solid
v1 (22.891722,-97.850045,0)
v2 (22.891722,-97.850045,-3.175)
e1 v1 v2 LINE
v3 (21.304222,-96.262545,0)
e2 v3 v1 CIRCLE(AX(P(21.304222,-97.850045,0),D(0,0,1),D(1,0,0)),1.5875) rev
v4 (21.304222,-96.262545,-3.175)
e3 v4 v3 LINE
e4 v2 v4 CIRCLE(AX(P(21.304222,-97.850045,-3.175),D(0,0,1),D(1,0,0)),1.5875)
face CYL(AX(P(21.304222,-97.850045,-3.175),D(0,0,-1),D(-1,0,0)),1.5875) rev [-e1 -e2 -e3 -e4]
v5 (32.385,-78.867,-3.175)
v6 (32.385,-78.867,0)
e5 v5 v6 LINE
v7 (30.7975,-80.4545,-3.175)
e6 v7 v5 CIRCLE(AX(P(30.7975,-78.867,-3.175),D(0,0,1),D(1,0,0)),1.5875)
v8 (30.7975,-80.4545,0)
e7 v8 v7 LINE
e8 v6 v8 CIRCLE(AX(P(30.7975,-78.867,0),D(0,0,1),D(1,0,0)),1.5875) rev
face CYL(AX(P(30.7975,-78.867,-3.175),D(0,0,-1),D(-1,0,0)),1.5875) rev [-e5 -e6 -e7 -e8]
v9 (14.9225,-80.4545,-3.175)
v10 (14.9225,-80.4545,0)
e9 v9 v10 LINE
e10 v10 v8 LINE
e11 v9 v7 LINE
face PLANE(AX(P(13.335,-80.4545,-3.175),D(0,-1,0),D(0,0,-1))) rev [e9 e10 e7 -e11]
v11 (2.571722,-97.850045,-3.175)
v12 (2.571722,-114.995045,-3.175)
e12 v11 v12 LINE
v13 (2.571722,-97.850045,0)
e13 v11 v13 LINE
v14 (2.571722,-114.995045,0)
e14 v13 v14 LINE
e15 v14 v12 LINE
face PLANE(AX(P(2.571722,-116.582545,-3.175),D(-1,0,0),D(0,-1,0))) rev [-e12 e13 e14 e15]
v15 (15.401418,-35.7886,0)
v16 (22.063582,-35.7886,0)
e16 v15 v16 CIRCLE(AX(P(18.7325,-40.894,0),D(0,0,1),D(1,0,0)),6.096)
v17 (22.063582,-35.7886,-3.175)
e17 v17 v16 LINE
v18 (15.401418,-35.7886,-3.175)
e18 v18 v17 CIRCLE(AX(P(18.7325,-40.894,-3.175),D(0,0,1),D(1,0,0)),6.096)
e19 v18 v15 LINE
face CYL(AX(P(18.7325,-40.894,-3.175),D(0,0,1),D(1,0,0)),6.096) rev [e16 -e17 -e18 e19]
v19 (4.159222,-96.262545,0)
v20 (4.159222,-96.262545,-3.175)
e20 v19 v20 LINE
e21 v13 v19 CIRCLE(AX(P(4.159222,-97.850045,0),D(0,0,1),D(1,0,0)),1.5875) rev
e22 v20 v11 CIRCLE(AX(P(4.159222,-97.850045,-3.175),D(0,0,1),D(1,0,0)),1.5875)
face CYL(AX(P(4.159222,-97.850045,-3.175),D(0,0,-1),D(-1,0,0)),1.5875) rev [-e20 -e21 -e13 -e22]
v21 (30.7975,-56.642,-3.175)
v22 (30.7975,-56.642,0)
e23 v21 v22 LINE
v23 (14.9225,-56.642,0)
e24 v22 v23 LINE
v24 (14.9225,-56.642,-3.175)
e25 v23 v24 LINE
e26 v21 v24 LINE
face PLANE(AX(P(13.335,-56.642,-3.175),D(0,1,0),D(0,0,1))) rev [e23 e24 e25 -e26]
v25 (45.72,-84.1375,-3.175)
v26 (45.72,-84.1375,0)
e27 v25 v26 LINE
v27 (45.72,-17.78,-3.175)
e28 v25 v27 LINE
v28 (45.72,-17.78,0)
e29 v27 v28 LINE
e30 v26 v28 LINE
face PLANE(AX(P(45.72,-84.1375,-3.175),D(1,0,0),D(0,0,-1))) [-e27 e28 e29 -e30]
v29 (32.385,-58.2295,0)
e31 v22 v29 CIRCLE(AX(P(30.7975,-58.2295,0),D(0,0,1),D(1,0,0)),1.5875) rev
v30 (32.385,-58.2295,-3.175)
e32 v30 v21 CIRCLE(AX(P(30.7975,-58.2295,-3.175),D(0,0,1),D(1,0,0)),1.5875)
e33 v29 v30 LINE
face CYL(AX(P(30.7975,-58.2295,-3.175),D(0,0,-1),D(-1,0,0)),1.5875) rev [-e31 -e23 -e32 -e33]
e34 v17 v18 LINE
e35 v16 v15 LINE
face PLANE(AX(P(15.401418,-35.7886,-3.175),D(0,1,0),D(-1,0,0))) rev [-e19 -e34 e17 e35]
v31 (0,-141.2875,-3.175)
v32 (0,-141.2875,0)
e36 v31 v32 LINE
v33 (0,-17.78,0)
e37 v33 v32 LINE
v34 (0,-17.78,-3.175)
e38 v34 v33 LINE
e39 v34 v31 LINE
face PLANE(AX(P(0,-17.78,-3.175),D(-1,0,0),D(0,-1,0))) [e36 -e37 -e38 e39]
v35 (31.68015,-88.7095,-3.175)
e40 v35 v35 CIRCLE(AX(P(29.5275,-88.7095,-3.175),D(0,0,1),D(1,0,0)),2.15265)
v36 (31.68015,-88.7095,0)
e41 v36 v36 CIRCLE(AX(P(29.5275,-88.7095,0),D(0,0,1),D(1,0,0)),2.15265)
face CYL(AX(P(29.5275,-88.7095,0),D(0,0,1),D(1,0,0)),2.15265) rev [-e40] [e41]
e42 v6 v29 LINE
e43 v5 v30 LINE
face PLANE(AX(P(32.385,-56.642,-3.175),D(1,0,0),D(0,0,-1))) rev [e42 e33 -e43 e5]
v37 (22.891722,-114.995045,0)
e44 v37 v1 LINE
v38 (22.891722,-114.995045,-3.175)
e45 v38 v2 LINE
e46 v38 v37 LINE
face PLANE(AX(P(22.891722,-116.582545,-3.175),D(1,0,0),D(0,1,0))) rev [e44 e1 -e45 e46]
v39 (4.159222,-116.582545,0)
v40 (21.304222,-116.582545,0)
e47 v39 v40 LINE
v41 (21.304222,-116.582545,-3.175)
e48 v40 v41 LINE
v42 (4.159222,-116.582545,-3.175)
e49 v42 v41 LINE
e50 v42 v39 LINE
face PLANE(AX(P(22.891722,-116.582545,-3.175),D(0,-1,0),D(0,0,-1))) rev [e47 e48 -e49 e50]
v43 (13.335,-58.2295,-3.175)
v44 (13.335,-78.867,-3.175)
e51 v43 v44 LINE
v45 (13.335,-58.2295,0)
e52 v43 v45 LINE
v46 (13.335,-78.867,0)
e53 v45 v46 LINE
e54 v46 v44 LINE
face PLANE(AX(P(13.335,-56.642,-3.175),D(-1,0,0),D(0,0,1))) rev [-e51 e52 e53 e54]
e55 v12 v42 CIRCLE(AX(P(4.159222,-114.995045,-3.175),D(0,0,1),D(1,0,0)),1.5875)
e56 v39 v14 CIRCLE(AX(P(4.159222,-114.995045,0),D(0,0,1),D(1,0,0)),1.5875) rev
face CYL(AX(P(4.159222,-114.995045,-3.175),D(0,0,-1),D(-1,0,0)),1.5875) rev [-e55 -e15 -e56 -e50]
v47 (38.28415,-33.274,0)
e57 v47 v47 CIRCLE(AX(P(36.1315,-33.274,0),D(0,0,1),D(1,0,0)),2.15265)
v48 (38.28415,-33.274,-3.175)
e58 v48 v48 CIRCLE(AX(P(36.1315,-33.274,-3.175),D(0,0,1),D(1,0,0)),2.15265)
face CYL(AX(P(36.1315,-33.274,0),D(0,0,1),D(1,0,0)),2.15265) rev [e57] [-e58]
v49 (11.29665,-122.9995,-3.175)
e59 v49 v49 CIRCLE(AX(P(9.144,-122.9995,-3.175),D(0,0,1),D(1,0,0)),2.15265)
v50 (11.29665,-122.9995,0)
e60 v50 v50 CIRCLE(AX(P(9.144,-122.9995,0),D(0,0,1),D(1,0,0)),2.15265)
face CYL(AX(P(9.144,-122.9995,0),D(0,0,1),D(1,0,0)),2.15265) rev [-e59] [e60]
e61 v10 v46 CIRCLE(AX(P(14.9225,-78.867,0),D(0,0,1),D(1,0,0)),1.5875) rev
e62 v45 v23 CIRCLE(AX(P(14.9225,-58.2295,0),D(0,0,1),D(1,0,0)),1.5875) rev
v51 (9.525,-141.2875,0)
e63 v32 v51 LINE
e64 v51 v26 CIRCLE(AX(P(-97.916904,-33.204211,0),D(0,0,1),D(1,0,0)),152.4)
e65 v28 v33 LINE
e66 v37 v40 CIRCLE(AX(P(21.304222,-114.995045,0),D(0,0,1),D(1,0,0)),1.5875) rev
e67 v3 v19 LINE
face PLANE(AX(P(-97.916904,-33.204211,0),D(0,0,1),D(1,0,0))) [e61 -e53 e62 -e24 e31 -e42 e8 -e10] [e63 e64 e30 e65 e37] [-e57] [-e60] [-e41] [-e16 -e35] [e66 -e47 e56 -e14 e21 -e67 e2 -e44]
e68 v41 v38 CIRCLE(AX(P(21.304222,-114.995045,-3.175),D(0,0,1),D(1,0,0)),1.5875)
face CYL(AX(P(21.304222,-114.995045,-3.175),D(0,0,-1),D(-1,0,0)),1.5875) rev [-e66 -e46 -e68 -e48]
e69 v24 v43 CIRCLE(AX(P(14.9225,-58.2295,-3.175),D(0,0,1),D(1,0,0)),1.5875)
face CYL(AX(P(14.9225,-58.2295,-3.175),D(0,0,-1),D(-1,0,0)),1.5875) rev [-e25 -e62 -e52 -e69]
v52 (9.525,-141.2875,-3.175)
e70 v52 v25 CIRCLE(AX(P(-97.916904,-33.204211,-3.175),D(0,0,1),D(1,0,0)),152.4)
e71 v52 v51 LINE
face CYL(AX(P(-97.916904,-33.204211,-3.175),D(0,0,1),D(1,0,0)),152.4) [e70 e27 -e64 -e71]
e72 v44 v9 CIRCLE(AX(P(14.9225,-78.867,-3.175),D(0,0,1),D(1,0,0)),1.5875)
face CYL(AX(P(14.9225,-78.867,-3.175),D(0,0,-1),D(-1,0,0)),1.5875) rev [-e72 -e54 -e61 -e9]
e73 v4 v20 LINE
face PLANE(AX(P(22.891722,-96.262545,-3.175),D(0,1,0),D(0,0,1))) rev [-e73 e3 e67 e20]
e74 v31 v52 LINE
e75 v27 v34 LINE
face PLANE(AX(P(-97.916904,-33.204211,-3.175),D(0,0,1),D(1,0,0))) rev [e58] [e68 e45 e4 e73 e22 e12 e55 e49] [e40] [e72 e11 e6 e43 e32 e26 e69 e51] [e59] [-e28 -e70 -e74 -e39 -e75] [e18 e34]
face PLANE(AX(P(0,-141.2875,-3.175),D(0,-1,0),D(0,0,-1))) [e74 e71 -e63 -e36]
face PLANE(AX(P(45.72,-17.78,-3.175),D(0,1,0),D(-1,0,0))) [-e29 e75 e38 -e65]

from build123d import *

# Parameters (mm, degrees)
SKETCH1_R             = 1.190050877
BOSS_EXTRUDE1_DEPTH   = 3.175
CUT_EXTRUDE1_DEPTH    = 4.175
SKETCH12_W            = 19.05
SKETCH12_H            = 23.8125
CUT_EXTRUDE2_DEPTH    = 4.175
SKETCH17_W            = 20.32
SKETCH17_H            = 20.32
CUT_EXTRUDE3_DEPTH    = 4.175
FILLET1_R             = 1.5875
F_6_CLEARANCE_HOLE1_D = 4.3053


with BuildPart() as part:
    # Sketch1 → Boss-Extrude1 (new body)
    with BuildSketch(Plane.XY):
        with BuildLine():
            Line((0, -17.78), (0, -141.2875))
            Line((0, -141.2875), (9.525, -141.2875))
            ThreePointArc((9.525, -141.2875), (30.833523511, -114.746148224), (45.72, -84.1375))
            Line((45.72, -84.1375), (45.72, -17.78))
            Line((45.72, -17.78), (0, -17.78))
        make_face()
        with Locations((18.7325, -40.894)):
            Circle(SKETCH1_R, mode=Mode.SUBTRACT)
    extrude(amount=-BOSS_EXTRUDE1_DEPTH)

    # Sketch11 → Cut-Extrude1 (cut, through all)
    with BuildSketch(Plane(origin=(20.844780046, -43.574770805, 0), x_dir=(1, 0, 0), z_dir=(0, 0, 1))):
        with BuildLine():
            Line((-5.443361979, 7.786170805), (1.218801886, 7.786170805))
            ThreePointArc((1.218801886, 7.786170805), (-2.112280046, -3.415229195), (-5.443361979, 7.786170805))
        make_face()
    extrude(amount=-CUT_EXTRUDE1_DEPTH, mode=Mode.SUBTRACT)

    # Sketch12 → Cut-Extrude2 (cut, through all)
    with BuildSketch(Plane.XY):
        with Locations((22.86, -68.54825)):
            Rectangle(SKETCH12_W, SKETCH12_H)
    extrude(amount=-CUT_EXTRUDE2_DEPTH, mode=Mode.SUBTRACT)

    # Sketch17 → Cut-Extrude3 (cut, through all)
    with BuildSketch(Plane.XY):
        with Locations((12.731722108, -106.422544949)):
            Rectangle(SKETCH17_W, SKETCH17_H)
    extrude(amount=-CUT_EXTRUDE3_DEPTH, mode=Mode.SUBTRACT)

    # Fillet1
    fillet1_edges = [part.edges().sort_by_distance(p)[0] for p in [
        (13.335, -80.4545, -1.5875),
        (13.335, -56.642, -1.5875),
        (32.385, -56.642, -1.5875),
        (32.385, -80.4545, -1.5875),
        (22.891722108, -96.262544949, -1.5875),
        (22.891722108, -116.582544949, -1.5875),
        (2.571722108, -116.582544949, -1.5875),
        (2.571722108, -96.262544949, -1.5875),
    ]]
    fillet(fillet1_edges, radius=FILLET1_R)

    # #6 Clearance Hole1 (through all)
    with Locations(Plane.XY):
        with Locations((9.144, -122.9995), (29.5275, -88.7095), (36.1315, -33.274)):
            Hole(F_6_CLEARANCE_HOLE1_D / 2)


solid = part.part
